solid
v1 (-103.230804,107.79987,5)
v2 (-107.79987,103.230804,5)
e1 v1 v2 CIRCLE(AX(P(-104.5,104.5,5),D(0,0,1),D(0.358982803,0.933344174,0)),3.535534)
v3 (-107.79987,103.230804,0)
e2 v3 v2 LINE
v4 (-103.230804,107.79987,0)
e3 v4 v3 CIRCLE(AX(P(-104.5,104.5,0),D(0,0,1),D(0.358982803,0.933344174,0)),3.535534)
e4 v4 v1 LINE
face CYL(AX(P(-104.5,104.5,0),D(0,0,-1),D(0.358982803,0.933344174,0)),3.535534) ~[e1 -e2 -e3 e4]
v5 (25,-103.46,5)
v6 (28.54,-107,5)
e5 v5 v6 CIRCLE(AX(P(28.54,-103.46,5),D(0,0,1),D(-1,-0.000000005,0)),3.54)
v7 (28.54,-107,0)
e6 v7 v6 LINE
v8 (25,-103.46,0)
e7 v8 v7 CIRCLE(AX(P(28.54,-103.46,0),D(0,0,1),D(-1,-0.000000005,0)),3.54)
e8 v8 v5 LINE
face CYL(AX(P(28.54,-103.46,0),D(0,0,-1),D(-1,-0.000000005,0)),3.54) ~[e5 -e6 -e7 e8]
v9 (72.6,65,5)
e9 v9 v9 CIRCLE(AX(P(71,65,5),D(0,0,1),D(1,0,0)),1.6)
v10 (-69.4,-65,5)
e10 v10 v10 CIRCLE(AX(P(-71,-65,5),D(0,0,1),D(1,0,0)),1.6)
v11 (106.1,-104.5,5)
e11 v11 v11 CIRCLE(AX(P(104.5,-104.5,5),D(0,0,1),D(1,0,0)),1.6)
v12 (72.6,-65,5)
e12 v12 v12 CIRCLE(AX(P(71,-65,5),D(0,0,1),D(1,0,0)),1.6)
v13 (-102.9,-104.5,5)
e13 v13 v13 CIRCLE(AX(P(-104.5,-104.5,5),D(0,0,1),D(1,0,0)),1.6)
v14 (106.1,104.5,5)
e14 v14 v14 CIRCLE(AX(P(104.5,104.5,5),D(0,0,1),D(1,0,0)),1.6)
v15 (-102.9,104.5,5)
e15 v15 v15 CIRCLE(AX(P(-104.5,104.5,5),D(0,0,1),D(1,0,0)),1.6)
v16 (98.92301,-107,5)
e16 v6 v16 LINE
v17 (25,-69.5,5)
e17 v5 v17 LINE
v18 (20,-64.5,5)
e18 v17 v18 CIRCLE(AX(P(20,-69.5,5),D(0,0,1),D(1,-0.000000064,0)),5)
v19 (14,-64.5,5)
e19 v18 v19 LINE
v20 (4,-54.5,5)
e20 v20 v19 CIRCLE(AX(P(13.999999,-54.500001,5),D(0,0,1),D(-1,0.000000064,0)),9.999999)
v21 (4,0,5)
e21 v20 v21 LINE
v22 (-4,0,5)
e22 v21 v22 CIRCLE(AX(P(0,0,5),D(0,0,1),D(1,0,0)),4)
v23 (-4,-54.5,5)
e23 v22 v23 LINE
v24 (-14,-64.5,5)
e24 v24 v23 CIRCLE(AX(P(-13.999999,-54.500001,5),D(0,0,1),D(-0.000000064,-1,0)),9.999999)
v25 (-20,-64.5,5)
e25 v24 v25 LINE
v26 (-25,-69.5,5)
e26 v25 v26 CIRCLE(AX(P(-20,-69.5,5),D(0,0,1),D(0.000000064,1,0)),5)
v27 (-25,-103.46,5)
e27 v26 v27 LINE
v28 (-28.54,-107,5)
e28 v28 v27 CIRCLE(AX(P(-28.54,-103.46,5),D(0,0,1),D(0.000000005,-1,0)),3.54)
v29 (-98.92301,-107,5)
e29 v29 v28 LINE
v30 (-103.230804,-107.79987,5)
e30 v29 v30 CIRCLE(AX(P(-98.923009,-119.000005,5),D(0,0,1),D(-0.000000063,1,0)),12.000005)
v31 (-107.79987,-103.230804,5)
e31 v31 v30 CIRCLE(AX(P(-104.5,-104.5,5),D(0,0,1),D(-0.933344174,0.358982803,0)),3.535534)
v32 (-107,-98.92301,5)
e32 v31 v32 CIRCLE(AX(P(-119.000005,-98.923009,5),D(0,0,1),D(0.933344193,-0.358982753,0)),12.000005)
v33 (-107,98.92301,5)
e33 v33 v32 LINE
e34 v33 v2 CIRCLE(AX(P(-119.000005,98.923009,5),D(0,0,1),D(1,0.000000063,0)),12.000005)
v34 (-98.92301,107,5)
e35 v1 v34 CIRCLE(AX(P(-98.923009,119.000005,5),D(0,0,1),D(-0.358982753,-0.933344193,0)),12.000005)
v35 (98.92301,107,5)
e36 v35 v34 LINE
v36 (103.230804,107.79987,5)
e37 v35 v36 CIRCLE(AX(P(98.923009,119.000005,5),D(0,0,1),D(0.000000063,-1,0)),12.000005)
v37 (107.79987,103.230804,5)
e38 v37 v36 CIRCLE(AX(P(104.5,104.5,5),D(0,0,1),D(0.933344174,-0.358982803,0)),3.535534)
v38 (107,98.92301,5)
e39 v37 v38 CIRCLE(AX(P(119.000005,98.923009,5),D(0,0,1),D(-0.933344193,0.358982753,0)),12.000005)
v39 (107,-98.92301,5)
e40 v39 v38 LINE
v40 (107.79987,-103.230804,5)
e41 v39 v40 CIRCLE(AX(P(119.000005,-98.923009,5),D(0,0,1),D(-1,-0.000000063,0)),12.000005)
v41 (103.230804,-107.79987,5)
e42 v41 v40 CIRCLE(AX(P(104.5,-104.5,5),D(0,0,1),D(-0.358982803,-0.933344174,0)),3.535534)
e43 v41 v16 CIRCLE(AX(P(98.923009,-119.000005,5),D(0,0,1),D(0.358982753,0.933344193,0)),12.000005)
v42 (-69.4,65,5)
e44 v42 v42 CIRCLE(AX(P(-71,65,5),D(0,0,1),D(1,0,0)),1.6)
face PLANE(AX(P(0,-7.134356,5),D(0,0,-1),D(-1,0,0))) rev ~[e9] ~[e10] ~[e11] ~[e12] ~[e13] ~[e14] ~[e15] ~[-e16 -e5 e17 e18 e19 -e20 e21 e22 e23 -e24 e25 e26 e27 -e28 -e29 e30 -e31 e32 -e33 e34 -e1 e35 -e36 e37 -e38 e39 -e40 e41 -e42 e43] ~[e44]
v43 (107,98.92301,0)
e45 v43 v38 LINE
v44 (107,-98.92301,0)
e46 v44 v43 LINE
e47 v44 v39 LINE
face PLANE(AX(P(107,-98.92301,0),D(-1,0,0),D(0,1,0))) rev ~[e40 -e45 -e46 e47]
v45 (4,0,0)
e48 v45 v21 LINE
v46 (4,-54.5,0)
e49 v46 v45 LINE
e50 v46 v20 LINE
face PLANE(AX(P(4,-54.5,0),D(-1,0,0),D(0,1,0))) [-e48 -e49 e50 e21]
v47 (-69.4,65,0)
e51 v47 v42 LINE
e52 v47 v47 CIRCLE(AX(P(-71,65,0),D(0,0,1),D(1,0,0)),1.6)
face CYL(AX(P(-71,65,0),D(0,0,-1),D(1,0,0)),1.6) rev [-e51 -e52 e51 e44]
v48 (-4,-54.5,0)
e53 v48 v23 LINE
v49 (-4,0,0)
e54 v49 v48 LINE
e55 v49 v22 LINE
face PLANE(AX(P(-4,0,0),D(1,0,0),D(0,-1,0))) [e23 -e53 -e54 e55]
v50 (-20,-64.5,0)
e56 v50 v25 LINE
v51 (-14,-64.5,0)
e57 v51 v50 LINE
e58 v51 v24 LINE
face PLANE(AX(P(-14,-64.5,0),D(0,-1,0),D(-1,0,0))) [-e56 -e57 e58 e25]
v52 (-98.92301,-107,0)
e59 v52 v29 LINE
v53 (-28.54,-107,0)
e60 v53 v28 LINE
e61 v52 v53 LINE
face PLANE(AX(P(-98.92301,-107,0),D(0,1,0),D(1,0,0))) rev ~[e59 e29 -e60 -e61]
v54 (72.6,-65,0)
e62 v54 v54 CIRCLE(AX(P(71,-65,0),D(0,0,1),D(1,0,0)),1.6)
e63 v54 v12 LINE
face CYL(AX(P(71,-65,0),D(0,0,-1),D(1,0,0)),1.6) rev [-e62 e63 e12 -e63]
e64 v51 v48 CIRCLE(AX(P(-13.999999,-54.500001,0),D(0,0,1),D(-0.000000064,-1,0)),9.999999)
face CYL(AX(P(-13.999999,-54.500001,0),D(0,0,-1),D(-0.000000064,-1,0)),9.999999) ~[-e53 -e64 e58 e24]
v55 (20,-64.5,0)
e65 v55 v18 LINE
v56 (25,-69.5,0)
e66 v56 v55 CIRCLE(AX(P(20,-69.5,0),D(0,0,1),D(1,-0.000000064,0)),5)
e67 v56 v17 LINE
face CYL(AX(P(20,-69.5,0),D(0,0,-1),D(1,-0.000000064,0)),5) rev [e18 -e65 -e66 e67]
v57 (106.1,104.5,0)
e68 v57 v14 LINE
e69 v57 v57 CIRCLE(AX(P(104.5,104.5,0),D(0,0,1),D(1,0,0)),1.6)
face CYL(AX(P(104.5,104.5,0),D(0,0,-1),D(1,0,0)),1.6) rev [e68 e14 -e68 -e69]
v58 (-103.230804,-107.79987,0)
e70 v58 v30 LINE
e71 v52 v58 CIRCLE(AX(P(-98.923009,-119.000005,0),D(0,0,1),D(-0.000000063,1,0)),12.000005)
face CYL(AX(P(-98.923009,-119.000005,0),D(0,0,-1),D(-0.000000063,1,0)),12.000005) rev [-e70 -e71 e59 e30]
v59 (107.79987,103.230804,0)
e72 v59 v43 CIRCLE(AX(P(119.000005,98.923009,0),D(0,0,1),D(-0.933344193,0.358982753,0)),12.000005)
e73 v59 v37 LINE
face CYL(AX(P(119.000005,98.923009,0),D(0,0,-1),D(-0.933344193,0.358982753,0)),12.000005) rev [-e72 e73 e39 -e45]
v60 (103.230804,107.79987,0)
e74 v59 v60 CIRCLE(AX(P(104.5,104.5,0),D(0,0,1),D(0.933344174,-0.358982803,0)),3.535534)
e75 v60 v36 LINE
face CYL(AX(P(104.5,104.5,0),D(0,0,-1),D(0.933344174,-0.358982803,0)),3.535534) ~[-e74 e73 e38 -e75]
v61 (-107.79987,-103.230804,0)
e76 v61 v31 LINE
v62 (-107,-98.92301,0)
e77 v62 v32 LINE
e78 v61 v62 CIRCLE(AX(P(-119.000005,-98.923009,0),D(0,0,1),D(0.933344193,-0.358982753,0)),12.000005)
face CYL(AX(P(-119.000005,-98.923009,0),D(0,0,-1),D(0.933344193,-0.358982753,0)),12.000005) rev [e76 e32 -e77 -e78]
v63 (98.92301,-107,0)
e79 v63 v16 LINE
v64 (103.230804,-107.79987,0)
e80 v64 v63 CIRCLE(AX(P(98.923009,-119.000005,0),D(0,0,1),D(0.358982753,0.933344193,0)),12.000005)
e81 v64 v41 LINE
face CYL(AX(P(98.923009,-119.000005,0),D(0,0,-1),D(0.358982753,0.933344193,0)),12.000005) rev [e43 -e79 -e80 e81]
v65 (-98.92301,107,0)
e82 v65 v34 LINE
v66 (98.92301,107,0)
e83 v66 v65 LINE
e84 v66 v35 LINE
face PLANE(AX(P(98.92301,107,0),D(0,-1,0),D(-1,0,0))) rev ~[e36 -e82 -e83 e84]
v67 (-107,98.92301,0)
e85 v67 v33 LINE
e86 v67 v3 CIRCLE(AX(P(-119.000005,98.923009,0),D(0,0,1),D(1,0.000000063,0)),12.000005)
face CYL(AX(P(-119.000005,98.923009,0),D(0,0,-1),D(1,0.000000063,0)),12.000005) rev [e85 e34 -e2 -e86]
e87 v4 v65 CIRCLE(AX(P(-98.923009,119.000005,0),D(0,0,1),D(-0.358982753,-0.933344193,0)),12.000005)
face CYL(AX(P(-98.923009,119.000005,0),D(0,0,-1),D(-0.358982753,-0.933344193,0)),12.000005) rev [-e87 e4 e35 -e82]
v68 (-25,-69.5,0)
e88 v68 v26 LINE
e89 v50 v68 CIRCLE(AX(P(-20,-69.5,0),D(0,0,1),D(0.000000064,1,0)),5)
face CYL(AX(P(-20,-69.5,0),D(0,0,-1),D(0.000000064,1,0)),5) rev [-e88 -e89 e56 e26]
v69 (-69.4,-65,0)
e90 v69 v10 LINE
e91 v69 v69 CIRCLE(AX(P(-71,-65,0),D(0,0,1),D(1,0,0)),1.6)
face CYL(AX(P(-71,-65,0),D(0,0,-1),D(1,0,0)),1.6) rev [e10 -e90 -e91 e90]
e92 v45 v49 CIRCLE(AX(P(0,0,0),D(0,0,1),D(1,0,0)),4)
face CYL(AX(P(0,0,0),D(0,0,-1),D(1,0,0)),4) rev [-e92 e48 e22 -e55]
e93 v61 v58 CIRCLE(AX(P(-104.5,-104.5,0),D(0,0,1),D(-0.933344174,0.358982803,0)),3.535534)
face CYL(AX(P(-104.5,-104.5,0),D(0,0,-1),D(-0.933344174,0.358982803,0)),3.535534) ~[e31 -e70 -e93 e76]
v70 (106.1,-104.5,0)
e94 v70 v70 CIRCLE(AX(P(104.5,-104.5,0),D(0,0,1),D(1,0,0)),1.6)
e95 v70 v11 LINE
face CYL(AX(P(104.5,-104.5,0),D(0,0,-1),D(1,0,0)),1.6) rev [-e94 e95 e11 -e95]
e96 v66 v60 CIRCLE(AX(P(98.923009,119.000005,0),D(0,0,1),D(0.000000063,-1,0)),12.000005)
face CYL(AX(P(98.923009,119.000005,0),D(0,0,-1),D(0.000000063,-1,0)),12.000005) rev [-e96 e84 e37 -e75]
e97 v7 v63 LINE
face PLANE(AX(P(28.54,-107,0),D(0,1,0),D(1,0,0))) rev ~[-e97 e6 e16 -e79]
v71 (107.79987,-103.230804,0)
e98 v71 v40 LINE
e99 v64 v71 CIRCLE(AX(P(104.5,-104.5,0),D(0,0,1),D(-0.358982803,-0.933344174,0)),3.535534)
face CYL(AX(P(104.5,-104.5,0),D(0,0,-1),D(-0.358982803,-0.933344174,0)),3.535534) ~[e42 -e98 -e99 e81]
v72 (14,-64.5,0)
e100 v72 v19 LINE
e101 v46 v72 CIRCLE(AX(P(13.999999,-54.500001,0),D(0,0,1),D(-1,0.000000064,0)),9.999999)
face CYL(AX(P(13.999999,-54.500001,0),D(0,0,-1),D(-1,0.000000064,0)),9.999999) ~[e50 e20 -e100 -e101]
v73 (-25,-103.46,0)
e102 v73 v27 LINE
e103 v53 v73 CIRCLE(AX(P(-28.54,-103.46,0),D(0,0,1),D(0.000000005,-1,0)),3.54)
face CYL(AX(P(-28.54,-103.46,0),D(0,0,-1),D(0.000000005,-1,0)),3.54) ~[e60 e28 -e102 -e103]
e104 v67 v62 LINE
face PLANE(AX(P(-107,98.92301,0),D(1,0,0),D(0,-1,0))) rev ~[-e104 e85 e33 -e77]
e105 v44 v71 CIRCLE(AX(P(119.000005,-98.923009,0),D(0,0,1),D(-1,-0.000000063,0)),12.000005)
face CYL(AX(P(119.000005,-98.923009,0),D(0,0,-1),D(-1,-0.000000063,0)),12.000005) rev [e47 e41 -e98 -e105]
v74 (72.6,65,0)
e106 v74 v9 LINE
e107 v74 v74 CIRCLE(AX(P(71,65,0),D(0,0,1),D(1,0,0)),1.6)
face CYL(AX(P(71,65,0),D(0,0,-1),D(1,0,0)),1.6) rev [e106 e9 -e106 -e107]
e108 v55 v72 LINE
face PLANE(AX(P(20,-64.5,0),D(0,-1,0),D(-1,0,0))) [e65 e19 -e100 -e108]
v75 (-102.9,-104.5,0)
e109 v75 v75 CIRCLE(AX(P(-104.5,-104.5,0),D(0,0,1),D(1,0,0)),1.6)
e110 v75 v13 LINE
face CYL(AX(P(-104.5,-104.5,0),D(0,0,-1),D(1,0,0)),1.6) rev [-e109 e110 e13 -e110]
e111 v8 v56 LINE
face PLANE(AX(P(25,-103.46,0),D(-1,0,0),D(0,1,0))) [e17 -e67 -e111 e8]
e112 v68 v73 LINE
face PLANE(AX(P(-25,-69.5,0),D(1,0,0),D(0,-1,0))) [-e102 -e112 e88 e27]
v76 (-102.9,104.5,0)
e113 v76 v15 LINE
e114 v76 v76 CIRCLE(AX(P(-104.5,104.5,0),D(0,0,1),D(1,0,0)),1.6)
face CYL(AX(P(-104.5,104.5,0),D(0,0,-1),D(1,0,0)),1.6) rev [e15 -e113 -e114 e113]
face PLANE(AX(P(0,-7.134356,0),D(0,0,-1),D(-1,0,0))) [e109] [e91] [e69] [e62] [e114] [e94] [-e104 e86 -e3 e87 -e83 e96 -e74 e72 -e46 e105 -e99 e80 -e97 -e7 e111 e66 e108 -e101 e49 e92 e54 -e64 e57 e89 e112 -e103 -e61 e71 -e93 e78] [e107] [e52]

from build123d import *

# Parameters (mm, degrees)
SKETCH038_R = 1.6
PAD_DEPTH   = 5


with BuildPart() as part:
    # Sketch038 → Pad (new body)
    with BuildSketch(Plane.XY):
        with BuildLine():
            ThreePointArc((4, 0), (0, 4), (-4, 0))
            Line((-4, 0), (-4, -54.5))
            ThreePointArc((-14, -64.5), (-6.928932, -61.571068), (-4, -54.5))
            Line((-14, -64.5), (-20, -64.5))
            ThreePointArc((-20, -64.5), (-23.535534, -65.964466), (-25, -69.5))
            Line((-25, -69.5), (-25, -103.46))
            ThreePointArc((-28.54, -107), (-26.036842, -105.963158), (-25, -103.46))
            Line((-98.92301, -107), (-28.54, -107))
            ThreePointArc((-98.92301, -107), (-101.113722, -107.201662), (-103.230804, -107.79987))
            ThreePointArc((-107.79987, -103.230804), (-107, -107), (-103.230804, -107.79987))
            ThreePointArc((-107.79987, -103.230804), (-107.201662, -101.113722), (-107, -98.92301))
            Line((-107, 98.92301), (-107, -98.92301))
            ThreePointArc((-107, 98.92301), (-107.201662, 101.113722), (-107.79987, 103.230804))
            ThreePointArc((-103.230804, 107.79987), (-107, 107), (-107.79987, 103.230804))
            ThreePointArc((-103.230804, 107.79987), (-101.113722, 107.201662), (-98.92301, 107))
            Line((98.92301, 107), (-98.92301, 107))
            ThreePointArc((98.92301, 107), (101.113722, 107.201662), (103.230804, 107.79987))
            ThreePointArc((107.79987, 103.230804), (107, 107), (103.230804, 107.79987))
            ThreePointArc((107.79987, 103.230804), (107.201662, 101.113722), (107, 98.92301))
            Line((107, -98.92301), (107, 98.92301))
            ThreePointArc((107, -98.92301), (107.201662, -101.113722), (107.79987, -103.230804))
            ThreePointArc((103.230804, -107.79987), (107, -107), (107.79987, -103.230804))
            ThreePointArc((103.230804, -107.79987), (101.113722, -107.201662), (98.92301, -107))
            Line((28.54, -107), (98.92301, -107))
            ThreePointArc((25, -103.46), (26.036842, -105.963158), (28.54, -107))
            Line((25, -103.46), (25, -69.5))
            ThreePointArc((25, -69.5), (23.535534, -65.964466), (20, -64.5))
            Line((20, -64.5), (14, -64.5))
            ThreePointArc((4, -54.5), (6.928932, -61.571068), (14, -64.5))
            Line((4, -54.5), (4, 0))
        make_face()
        with Locations((104.5, -104.5)):
            Circle(SKETCH038_R, mode=Mode.SUBTRACT)
        with Locations((104.5, 104.5)):
            Circle(SKETCH038_R, mode=Mode.SUBTRACT)
        with Locations((-104.5, -104.5)):
            Circle(SKETCH038_R, mode=Mode.SUBTRACT)
        with Locations((71, -65)):
            Circle(SKETCH038_R, mode=Mode.SUBTRACT)
        with Locations((71, 65)):
            Circle(SKETCH038_R, mode=Mode.SUBTRACT)
        with Locations((-104.5, 104.5)):
            Circle(SKETCH038_R, mode=Mode.SUBTRACT)
        with Locations((-71, -65)):
            Circle(SKETCH038_R, mode=Mode.SUBTRACT)
        with Locations((-71, 65)):
            Circle(SKETCH038_R, mode=Mode.SUBTRACT)
    extrude(amount=PAD_DEPTH)


solid = part.part
